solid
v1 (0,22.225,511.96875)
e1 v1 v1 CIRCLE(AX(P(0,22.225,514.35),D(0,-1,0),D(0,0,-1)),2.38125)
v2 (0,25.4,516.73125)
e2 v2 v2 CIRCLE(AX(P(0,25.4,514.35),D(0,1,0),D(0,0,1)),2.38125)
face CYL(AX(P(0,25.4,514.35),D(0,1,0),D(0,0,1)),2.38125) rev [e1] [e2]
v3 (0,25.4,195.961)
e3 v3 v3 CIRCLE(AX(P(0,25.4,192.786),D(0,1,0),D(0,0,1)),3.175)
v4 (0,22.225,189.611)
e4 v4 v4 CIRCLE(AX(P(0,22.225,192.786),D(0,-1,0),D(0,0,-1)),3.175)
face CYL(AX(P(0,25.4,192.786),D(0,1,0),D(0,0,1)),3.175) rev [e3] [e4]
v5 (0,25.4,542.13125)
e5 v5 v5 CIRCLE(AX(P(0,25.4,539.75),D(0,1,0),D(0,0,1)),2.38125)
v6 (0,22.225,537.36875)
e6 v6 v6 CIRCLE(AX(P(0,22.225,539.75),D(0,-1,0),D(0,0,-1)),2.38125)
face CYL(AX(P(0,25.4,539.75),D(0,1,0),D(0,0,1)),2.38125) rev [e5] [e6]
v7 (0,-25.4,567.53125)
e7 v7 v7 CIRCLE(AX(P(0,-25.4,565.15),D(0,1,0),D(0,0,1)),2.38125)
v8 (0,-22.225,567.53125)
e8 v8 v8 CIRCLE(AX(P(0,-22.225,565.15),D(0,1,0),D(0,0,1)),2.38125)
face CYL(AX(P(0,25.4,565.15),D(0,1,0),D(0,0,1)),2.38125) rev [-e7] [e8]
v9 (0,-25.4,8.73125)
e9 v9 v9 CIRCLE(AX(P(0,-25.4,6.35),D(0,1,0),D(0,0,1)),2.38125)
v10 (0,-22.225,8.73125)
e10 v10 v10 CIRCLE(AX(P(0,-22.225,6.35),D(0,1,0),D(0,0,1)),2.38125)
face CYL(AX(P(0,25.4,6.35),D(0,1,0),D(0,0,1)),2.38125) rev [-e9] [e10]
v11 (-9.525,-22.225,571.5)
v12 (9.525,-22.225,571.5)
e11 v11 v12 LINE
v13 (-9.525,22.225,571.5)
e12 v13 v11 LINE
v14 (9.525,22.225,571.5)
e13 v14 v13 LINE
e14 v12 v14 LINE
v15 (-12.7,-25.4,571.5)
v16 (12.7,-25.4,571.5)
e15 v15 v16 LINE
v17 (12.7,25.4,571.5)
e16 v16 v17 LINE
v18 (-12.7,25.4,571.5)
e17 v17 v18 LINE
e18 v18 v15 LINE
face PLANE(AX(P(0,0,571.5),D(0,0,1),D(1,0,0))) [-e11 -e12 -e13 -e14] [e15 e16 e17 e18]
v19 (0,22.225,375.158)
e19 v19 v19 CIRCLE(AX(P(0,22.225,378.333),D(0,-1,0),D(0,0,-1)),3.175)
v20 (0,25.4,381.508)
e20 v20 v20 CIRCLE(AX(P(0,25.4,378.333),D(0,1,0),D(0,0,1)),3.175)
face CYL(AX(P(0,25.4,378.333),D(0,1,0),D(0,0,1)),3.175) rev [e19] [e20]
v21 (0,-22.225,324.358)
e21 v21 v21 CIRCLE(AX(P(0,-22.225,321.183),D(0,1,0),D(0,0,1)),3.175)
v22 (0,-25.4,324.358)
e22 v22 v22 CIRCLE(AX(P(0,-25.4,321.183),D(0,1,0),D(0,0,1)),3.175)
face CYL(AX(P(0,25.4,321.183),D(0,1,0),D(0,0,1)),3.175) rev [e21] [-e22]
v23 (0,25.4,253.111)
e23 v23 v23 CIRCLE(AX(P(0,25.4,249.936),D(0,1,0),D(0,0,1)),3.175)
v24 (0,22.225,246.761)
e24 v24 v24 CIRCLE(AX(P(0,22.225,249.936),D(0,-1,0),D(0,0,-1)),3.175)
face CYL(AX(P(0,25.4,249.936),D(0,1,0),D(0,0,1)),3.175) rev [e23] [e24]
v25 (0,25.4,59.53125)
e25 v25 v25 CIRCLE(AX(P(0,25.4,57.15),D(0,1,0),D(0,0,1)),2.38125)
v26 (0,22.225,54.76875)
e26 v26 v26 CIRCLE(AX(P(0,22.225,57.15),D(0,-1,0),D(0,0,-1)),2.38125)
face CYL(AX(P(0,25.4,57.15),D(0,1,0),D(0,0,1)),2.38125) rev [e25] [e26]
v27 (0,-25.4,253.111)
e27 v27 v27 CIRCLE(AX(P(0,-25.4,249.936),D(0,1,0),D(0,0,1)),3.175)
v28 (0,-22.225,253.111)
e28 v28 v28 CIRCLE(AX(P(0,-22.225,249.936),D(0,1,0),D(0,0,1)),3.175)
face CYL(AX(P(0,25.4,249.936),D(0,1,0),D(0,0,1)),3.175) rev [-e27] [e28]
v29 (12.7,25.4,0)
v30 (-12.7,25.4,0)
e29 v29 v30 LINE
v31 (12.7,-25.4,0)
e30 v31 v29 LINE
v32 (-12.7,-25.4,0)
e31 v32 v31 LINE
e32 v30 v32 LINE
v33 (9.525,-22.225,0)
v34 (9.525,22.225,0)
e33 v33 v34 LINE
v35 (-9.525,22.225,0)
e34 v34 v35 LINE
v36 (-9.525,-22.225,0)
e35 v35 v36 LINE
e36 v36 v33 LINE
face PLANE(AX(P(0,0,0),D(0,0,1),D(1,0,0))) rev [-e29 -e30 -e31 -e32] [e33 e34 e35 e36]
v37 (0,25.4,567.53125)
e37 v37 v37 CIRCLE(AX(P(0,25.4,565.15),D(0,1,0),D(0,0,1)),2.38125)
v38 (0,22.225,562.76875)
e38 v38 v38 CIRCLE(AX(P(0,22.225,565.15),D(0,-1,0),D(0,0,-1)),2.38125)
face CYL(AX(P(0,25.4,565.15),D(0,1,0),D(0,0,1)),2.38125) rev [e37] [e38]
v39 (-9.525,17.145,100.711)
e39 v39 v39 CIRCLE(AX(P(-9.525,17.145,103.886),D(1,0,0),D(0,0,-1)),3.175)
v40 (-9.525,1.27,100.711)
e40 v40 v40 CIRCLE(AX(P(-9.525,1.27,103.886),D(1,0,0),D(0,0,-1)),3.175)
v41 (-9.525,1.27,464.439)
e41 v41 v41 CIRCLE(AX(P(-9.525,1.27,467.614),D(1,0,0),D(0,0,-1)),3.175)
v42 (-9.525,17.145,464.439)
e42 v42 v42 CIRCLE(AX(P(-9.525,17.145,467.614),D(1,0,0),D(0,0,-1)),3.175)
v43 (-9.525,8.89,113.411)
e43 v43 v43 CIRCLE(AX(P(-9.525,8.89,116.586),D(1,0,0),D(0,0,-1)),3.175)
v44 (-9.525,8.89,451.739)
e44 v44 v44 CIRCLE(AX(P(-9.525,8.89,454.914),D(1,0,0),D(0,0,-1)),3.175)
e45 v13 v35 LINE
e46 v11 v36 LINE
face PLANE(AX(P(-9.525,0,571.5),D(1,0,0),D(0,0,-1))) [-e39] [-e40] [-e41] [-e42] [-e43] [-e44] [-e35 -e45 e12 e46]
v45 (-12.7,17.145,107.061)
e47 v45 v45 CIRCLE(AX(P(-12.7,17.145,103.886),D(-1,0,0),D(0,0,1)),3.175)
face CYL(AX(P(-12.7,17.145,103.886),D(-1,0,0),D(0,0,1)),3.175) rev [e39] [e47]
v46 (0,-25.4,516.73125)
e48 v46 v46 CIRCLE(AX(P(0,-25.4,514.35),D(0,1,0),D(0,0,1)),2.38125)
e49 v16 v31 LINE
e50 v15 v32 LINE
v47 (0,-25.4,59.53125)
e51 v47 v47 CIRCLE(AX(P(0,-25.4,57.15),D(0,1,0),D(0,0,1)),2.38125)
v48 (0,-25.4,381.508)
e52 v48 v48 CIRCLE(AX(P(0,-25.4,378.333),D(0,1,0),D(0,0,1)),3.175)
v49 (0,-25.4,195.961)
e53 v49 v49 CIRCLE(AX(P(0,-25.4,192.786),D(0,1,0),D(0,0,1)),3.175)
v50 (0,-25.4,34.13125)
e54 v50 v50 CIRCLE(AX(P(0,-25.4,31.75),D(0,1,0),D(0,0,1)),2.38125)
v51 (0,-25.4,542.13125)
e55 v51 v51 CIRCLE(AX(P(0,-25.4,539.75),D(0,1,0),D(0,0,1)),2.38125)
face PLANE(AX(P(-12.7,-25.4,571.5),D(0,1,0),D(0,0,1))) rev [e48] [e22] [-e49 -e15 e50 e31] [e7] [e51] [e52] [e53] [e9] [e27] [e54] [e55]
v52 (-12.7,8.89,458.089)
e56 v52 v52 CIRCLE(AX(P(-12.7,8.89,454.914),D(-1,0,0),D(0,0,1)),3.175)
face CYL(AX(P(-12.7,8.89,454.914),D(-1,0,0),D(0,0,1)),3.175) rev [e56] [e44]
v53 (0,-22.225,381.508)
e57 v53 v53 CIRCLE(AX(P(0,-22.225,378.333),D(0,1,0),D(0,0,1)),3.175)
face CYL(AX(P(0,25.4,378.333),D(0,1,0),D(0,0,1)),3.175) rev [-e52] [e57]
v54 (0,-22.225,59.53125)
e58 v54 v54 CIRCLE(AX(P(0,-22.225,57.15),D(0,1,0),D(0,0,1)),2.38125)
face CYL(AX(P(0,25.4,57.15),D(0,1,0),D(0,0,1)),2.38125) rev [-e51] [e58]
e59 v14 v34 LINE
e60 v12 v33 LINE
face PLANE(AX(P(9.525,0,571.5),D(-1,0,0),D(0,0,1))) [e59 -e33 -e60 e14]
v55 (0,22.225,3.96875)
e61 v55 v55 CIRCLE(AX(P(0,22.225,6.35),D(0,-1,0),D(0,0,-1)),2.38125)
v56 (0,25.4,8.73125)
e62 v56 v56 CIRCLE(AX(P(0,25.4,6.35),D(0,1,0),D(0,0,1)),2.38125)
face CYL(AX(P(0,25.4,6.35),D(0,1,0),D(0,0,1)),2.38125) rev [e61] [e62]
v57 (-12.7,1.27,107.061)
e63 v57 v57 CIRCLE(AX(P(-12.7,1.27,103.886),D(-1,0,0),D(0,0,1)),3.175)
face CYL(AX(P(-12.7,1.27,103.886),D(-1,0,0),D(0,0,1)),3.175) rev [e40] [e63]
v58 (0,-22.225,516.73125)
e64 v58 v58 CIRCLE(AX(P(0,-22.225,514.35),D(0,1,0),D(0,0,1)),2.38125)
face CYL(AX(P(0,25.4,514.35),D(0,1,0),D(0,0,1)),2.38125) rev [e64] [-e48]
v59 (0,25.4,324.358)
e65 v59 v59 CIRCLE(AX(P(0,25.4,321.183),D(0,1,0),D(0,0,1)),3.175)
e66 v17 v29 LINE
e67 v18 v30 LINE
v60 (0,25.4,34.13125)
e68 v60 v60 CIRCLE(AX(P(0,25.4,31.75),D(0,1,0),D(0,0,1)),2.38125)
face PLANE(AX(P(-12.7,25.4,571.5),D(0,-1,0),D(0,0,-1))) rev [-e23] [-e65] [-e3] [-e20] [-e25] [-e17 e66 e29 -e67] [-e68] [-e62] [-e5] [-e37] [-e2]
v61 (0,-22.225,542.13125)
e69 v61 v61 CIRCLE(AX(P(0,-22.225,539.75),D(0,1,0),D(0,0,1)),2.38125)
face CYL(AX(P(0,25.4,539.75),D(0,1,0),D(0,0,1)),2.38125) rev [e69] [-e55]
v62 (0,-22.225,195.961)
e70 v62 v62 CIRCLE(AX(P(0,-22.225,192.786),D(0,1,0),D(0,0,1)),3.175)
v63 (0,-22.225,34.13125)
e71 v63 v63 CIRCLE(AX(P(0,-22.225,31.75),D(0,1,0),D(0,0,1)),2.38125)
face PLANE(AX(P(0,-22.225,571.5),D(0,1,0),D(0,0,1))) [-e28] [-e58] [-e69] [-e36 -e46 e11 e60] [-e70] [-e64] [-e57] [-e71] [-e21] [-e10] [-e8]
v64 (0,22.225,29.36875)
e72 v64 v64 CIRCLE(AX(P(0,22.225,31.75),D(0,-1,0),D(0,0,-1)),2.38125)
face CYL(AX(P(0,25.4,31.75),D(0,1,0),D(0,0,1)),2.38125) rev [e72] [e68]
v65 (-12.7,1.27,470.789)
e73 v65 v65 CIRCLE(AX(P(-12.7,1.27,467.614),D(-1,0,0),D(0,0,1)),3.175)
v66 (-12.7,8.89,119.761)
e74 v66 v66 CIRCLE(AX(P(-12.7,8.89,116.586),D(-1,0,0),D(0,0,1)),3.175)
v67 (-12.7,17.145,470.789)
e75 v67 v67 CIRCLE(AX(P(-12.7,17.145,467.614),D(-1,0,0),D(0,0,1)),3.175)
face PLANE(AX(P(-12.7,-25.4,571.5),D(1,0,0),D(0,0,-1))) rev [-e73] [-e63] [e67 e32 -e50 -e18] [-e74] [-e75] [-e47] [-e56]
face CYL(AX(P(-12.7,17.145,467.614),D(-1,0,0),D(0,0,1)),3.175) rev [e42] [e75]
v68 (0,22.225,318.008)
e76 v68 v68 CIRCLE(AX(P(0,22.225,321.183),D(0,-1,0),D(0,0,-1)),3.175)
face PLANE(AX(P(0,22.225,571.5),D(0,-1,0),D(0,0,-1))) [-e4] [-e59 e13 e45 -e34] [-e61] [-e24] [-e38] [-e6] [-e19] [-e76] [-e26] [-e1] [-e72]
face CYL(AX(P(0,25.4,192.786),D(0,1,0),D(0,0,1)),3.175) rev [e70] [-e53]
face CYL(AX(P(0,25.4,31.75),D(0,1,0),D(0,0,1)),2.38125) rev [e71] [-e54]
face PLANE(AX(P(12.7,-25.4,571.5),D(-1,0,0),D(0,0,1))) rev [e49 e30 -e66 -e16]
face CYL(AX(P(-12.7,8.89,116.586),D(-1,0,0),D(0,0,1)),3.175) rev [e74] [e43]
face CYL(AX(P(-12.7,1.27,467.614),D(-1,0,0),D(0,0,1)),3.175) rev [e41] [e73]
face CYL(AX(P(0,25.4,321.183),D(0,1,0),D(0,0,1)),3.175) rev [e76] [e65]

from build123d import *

# Parameters (mm, degrees)
SKETCH1_W                      = 25.4
SKETCH1_H                      = 50.8
SKETCH1_W_2                    = 19.05
SKETCH1_H_2                    = 44.45
EXTRUDE_THIN1_DEPTH            = 571.5
F_3_16_0_1875_DIAMETER_HOLE1_D = 4.7625
F_1_4_0_25_DIAMETER_HOLE1_D    = 6.35
E_0_25_DIAMETER_HOLE1_D        = 6.35
E_0_25_DIAMETER_HOLE1_DEPTH    = 6.35
E_0_25_DIAMETER_HOLE1_TIP      = 1.907732465


with BuildPart() as part:
    # Sketch1 → Extrude-Thin1 (new body)
    with BuildSketch(Plane.XY):
        Rectangle(SKETCH1_W, SKETCH1_H)
        Rectangle(SKETCH1_W_2, SKETCH1_H_2, mode=Mode.SUBTRACT)
    extrude(amount=EXTRUDE_THIN1_DEPTH)

    # 3/16 (0.1875) Diameter Hole1 (through all)
    with Locations(Plane(origin=(0, 25.4, 565.15), x_dir=(0, 0, 1), z_dir=(0, 1, 0))):
        with Locations((0, 0), (-558.8, 0), (-533.4, 0), (-508, 0), (-25.4, 0), (-50.8, 0)):
            Hole(F_3_16_0_1875_DIAMETER_HOLE1_D / 2)

    # 1/4 (0.25) Diameter Hole1 (through all)
    with Locations(Plane(origin=(0, 25.4, 0), x_dir=(1, 0, 0), z_dir=(0, 1, 0))):
        with Locations((0, -321.183), (0, -378.333), (0, -192.786), (0, -249.936)):
            Hole(F_1_4_0_25_DIAMETER_HOLE1_D / 2)

    # E (0.25) Diameter Hole1
    with Locations(Plane.ZY.offset(12.7)):
        with Locations((103.886, 17.145), (103.886, 1.27), (116.586, 8.89), (454.914, 8.89), (467.614, 1.27), (467.614, 17.145)):
            Hole(E_0_25_DIAMETER_HOLE1_D / 2, depth=E_0_25_DIAMETER_HOLE1_DEPTH)
            with Locations((0, 0, -(E_0_25_DIAMETER_HOLE1_DEPTH + E_0_25_DIAMETER_HOLE1_TIP / 2))):  # 118° drill point
                Cone(0, E_0_25_DIAMETER_HOLE1_D / 2, E_0_25_DIAMETER_HOLE1_TIP, mode=Mode.SUBTRACT)


solid = part.part
